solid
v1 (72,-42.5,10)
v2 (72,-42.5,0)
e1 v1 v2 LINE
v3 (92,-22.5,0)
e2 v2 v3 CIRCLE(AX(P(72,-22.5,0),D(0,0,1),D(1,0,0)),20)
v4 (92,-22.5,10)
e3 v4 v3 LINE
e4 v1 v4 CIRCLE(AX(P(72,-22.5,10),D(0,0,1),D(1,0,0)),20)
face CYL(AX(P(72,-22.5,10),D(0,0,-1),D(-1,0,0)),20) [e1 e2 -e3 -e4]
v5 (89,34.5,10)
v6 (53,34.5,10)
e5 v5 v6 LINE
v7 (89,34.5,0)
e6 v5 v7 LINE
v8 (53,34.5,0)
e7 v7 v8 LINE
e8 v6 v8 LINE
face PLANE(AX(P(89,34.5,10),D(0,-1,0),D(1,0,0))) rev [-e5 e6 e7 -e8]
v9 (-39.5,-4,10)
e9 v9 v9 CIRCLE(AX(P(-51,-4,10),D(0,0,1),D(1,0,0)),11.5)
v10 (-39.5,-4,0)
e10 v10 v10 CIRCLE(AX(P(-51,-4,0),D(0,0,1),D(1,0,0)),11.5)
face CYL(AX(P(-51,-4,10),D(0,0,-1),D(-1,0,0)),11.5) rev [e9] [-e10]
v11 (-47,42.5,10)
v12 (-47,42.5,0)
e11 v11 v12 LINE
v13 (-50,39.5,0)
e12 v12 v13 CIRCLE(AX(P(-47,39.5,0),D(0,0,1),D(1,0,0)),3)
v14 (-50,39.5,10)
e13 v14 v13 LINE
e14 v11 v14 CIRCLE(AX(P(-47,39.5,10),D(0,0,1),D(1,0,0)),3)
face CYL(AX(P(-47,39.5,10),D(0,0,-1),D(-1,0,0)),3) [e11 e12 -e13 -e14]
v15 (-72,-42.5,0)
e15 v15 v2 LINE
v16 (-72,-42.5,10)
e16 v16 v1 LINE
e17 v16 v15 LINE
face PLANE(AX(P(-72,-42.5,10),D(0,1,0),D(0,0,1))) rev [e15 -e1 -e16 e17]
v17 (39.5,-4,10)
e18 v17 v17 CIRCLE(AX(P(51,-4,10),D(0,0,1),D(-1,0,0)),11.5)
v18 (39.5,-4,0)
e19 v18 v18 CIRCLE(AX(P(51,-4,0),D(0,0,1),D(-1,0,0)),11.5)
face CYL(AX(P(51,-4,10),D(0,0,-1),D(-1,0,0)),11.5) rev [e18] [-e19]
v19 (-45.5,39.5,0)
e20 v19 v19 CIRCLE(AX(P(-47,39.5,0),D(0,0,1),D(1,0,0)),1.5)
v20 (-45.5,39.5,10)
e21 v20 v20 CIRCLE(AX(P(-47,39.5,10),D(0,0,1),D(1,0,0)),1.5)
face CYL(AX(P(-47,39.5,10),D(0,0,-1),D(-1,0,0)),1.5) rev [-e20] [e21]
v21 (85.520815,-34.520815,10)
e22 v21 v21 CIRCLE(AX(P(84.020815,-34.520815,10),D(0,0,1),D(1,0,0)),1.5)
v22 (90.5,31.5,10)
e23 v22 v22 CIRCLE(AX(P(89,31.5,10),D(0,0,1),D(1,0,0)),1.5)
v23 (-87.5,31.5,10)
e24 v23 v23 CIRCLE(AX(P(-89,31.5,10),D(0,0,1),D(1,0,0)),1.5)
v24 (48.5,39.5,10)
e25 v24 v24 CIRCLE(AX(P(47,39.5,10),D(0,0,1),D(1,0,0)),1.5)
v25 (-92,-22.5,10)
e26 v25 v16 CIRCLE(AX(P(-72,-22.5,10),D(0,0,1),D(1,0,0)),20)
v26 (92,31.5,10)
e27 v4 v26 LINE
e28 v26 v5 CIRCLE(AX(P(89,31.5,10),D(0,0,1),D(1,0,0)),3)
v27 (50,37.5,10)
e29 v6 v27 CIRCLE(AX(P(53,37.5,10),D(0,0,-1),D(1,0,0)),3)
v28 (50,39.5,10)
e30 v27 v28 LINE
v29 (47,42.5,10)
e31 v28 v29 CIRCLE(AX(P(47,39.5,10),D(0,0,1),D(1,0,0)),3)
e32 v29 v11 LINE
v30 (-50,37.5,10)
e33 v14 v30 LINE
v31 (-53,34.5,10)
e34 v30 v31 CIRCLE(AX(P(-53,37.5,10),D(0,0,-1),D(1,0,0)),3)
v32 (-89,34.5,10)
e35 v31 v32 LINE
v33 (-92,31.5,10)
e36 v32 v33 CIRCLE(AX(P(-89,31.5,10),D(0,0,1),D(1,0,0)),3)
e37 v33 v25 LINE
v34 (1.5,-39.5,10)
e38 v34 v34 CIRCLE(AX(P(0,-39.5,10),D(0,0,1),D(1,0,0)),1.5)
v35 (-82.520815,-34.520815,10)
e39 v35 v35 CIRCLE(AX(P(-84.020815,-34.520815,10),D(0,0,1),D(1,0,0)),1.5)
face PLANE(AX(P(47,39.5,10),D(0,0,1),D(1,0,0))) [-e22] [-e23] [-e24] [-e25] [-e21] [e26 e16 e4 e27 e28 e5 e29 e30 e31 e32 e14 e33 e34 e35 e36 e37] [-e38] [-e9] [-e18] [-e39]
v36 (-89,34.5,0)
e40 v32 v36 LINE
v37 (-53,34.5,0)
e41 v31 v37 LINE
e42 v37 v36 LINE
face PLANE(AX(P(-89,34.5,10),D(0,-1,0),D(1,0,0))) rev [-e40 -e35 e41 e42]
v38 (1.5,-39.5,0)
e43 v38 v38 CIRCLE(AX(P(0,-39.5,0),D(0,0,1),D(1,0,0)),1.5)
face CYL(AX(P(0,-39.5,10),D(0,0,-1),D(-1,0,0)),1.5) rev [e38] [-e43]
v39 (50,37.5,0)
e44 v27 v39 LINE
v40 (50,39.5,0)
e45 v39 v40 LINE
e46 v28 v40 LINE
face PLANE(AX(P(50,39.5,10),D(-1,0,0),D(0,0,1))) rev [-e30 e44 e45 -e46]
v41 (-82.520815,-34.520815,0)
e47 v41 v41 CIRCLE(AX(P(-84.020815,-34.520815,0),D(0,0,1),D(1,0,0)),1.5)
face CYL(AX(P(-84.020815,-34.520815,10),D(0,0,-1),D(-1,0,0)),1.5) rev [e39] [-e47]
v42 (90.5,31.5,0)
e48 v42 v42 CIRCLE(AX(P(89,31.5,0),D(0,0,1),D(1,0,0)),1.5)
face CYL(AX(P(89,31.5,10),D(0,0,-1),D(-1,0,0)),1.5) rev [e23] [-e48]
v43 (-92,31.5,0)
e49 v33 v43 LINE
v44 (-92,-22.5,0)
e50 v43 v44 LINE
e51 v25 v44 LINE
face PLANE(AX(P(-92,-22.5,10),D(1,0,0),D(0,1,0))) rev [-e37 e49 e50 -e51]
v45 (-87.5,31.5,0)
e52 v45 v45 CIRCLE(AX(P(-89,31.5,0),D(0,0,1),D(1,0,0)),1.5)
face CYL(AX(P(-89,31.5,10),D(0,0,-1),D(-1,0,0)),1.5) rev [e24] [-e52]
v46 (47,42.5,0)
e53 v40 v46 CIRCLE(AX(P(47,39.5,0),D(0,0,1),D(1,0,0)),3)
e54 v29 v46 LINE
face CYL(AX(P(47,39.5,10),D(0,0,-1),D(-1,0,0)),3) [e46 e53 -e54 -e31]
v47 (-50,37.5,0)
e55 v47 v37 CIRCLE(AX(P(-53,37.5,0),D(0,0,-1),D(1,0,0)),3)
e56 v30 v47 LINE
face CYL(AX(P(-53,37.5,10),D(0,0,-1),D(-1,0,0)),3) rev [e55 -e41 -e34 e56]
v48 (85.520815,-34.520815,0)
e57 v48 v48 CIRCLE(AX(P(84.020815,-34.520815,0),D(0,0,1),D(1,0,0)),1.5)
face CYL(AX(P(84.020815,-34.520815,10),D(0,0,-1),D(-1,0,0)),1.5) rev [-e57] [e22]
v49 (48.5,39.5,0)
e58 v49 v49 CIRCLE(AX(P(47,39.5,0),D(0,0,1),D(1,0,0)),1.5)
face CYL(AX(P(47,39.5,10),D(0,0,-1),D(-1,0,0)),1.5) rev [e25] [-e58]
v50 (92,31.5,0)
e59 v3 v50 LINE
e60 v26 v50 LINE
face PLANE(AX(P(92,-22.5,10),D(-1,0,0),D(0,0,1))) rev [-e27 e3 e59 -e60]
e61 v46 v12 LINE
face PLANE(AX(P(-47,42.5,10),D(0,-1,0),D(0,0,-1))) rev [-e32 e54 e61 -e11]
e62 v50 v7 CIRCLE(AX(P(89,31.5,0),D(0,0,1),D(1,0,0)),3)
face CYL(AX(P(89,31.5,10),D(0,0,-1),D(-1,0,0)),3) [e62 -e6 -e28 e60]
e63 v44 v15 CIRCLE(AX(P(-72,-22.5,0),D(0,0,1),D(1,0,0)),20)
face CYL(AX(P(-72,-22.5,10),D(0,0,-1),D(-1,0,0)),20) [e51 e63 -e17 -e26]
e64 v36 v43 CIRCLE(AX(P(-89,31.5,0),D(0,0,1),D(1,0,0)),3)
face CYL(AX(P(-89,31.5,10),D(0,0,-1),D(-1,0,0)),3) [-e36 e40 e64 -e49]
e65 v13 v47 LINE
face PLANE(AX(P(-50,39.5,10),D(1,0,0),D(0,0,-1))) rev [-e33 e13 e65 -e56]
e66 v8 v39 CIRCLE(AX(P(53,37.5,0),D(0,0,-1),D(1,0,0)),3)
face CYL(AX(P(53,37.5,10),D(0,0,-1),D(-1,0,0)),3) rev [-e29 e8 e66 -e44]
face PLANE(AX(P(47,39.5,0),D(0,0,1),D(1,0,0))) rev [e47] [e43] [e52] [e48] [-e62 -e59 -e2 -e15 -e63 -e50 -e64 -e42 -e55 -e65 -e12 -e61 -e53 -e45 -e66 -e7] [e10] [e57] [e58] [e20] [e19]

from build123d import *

# Parameters (mm, degrees)
SKETCH1_R           = 11.5
SKETCH1_R_2         = 1.5
BOSS_EXTRUDE1_DEPTH = 10


with BuildPart() as part:
    # Sketch1 → Boss-Extrude1 (new body)
    with BuildSketch(Plane.XY):
        with BuildLine():
            Line((50, 39.5), (50, 37.5))
            ThreePointArc((50, 37.5), (50.878679656, 35.378679656), (53, 34.5))
            Line((53, 34.5), (89, 34.5))
            ThreePointArc((89, 34.5), (91.121320344, 33.621320344), (92, 31.5))
            Line((92, 31.5), (92, -22.5))
            ThreePointArc((92, -22.5), (86.142135624, -36.642135624), (72, -42.5))
            Line((72, -42.5), (-72, -42.5))
            ThreePointArc((-72, -42.5), (-86.142135624, -36.642135624), (-92, -22.5))
            Line((-92, -22.5), (-92, 31.5))
            ThreePointArc((-92, 31.5), (-91.121320344, 33.621320344), (-89, 34.5))
            Line((-89, 34.5), (-53, 34.5))
            ThreePointArc((-53, 34.5), (-50.878679656, 35.378679656), (-50, 37.5))
            Line((-50, 37.5), (-50, 39.5))
            ThreePointArc((-50, 39.5), (-49.121320344, 41.621320344), (-47, 42.5))
            Line((-47, 42.5), (47, 42.5))
            ThreePointArc((47, 42.5), (49.121320344, 41.621320344), (50, 39.5))
        make_face()
        with Locations(Location((51, -4, 0), (0, 0, 180))):
            Circle(SKETCH1_R, mode=Mode.SUBTRACT)
        with Locations((0, -39.5)):
            Circle(SKETCH1_R_2, mode=Mode.SUBTRACT)
        with Locations((84.02081528, -34.52081528)):
            Circle(SKETCH1_R_2, mode=Mode.SUBTRACT)
        with Locations((89, 31.5)):
            Circle(SKETCH1_R_2, mode=Mode.SUBTRACT)
        with Locations((47, 39.5)):
            Circle(SKETCH1_R_2, mode=Mode.SUBTRACT)
        with Locations((-47, 39.5)):
            Circle(SKETCH1_R_2, mode=Mode.SUBTRACT)
        with Locations((-89, 31.5)):
            Circle(SKETCH1_R_2, mode=Mode.SUBTRACT)
        with Locations((-84.02081528, -34.52081528)):
            Circle(SKETCH1_R_2, mode=Mode.SUBTRACT)
        with Locations((-51, -4)):
            Circle(SKETCH1_R, mode=Mode.SUBTRACT)
    extrude(amount=BOSS_EXTRUDE1_DEPTH)


solid = part.part
